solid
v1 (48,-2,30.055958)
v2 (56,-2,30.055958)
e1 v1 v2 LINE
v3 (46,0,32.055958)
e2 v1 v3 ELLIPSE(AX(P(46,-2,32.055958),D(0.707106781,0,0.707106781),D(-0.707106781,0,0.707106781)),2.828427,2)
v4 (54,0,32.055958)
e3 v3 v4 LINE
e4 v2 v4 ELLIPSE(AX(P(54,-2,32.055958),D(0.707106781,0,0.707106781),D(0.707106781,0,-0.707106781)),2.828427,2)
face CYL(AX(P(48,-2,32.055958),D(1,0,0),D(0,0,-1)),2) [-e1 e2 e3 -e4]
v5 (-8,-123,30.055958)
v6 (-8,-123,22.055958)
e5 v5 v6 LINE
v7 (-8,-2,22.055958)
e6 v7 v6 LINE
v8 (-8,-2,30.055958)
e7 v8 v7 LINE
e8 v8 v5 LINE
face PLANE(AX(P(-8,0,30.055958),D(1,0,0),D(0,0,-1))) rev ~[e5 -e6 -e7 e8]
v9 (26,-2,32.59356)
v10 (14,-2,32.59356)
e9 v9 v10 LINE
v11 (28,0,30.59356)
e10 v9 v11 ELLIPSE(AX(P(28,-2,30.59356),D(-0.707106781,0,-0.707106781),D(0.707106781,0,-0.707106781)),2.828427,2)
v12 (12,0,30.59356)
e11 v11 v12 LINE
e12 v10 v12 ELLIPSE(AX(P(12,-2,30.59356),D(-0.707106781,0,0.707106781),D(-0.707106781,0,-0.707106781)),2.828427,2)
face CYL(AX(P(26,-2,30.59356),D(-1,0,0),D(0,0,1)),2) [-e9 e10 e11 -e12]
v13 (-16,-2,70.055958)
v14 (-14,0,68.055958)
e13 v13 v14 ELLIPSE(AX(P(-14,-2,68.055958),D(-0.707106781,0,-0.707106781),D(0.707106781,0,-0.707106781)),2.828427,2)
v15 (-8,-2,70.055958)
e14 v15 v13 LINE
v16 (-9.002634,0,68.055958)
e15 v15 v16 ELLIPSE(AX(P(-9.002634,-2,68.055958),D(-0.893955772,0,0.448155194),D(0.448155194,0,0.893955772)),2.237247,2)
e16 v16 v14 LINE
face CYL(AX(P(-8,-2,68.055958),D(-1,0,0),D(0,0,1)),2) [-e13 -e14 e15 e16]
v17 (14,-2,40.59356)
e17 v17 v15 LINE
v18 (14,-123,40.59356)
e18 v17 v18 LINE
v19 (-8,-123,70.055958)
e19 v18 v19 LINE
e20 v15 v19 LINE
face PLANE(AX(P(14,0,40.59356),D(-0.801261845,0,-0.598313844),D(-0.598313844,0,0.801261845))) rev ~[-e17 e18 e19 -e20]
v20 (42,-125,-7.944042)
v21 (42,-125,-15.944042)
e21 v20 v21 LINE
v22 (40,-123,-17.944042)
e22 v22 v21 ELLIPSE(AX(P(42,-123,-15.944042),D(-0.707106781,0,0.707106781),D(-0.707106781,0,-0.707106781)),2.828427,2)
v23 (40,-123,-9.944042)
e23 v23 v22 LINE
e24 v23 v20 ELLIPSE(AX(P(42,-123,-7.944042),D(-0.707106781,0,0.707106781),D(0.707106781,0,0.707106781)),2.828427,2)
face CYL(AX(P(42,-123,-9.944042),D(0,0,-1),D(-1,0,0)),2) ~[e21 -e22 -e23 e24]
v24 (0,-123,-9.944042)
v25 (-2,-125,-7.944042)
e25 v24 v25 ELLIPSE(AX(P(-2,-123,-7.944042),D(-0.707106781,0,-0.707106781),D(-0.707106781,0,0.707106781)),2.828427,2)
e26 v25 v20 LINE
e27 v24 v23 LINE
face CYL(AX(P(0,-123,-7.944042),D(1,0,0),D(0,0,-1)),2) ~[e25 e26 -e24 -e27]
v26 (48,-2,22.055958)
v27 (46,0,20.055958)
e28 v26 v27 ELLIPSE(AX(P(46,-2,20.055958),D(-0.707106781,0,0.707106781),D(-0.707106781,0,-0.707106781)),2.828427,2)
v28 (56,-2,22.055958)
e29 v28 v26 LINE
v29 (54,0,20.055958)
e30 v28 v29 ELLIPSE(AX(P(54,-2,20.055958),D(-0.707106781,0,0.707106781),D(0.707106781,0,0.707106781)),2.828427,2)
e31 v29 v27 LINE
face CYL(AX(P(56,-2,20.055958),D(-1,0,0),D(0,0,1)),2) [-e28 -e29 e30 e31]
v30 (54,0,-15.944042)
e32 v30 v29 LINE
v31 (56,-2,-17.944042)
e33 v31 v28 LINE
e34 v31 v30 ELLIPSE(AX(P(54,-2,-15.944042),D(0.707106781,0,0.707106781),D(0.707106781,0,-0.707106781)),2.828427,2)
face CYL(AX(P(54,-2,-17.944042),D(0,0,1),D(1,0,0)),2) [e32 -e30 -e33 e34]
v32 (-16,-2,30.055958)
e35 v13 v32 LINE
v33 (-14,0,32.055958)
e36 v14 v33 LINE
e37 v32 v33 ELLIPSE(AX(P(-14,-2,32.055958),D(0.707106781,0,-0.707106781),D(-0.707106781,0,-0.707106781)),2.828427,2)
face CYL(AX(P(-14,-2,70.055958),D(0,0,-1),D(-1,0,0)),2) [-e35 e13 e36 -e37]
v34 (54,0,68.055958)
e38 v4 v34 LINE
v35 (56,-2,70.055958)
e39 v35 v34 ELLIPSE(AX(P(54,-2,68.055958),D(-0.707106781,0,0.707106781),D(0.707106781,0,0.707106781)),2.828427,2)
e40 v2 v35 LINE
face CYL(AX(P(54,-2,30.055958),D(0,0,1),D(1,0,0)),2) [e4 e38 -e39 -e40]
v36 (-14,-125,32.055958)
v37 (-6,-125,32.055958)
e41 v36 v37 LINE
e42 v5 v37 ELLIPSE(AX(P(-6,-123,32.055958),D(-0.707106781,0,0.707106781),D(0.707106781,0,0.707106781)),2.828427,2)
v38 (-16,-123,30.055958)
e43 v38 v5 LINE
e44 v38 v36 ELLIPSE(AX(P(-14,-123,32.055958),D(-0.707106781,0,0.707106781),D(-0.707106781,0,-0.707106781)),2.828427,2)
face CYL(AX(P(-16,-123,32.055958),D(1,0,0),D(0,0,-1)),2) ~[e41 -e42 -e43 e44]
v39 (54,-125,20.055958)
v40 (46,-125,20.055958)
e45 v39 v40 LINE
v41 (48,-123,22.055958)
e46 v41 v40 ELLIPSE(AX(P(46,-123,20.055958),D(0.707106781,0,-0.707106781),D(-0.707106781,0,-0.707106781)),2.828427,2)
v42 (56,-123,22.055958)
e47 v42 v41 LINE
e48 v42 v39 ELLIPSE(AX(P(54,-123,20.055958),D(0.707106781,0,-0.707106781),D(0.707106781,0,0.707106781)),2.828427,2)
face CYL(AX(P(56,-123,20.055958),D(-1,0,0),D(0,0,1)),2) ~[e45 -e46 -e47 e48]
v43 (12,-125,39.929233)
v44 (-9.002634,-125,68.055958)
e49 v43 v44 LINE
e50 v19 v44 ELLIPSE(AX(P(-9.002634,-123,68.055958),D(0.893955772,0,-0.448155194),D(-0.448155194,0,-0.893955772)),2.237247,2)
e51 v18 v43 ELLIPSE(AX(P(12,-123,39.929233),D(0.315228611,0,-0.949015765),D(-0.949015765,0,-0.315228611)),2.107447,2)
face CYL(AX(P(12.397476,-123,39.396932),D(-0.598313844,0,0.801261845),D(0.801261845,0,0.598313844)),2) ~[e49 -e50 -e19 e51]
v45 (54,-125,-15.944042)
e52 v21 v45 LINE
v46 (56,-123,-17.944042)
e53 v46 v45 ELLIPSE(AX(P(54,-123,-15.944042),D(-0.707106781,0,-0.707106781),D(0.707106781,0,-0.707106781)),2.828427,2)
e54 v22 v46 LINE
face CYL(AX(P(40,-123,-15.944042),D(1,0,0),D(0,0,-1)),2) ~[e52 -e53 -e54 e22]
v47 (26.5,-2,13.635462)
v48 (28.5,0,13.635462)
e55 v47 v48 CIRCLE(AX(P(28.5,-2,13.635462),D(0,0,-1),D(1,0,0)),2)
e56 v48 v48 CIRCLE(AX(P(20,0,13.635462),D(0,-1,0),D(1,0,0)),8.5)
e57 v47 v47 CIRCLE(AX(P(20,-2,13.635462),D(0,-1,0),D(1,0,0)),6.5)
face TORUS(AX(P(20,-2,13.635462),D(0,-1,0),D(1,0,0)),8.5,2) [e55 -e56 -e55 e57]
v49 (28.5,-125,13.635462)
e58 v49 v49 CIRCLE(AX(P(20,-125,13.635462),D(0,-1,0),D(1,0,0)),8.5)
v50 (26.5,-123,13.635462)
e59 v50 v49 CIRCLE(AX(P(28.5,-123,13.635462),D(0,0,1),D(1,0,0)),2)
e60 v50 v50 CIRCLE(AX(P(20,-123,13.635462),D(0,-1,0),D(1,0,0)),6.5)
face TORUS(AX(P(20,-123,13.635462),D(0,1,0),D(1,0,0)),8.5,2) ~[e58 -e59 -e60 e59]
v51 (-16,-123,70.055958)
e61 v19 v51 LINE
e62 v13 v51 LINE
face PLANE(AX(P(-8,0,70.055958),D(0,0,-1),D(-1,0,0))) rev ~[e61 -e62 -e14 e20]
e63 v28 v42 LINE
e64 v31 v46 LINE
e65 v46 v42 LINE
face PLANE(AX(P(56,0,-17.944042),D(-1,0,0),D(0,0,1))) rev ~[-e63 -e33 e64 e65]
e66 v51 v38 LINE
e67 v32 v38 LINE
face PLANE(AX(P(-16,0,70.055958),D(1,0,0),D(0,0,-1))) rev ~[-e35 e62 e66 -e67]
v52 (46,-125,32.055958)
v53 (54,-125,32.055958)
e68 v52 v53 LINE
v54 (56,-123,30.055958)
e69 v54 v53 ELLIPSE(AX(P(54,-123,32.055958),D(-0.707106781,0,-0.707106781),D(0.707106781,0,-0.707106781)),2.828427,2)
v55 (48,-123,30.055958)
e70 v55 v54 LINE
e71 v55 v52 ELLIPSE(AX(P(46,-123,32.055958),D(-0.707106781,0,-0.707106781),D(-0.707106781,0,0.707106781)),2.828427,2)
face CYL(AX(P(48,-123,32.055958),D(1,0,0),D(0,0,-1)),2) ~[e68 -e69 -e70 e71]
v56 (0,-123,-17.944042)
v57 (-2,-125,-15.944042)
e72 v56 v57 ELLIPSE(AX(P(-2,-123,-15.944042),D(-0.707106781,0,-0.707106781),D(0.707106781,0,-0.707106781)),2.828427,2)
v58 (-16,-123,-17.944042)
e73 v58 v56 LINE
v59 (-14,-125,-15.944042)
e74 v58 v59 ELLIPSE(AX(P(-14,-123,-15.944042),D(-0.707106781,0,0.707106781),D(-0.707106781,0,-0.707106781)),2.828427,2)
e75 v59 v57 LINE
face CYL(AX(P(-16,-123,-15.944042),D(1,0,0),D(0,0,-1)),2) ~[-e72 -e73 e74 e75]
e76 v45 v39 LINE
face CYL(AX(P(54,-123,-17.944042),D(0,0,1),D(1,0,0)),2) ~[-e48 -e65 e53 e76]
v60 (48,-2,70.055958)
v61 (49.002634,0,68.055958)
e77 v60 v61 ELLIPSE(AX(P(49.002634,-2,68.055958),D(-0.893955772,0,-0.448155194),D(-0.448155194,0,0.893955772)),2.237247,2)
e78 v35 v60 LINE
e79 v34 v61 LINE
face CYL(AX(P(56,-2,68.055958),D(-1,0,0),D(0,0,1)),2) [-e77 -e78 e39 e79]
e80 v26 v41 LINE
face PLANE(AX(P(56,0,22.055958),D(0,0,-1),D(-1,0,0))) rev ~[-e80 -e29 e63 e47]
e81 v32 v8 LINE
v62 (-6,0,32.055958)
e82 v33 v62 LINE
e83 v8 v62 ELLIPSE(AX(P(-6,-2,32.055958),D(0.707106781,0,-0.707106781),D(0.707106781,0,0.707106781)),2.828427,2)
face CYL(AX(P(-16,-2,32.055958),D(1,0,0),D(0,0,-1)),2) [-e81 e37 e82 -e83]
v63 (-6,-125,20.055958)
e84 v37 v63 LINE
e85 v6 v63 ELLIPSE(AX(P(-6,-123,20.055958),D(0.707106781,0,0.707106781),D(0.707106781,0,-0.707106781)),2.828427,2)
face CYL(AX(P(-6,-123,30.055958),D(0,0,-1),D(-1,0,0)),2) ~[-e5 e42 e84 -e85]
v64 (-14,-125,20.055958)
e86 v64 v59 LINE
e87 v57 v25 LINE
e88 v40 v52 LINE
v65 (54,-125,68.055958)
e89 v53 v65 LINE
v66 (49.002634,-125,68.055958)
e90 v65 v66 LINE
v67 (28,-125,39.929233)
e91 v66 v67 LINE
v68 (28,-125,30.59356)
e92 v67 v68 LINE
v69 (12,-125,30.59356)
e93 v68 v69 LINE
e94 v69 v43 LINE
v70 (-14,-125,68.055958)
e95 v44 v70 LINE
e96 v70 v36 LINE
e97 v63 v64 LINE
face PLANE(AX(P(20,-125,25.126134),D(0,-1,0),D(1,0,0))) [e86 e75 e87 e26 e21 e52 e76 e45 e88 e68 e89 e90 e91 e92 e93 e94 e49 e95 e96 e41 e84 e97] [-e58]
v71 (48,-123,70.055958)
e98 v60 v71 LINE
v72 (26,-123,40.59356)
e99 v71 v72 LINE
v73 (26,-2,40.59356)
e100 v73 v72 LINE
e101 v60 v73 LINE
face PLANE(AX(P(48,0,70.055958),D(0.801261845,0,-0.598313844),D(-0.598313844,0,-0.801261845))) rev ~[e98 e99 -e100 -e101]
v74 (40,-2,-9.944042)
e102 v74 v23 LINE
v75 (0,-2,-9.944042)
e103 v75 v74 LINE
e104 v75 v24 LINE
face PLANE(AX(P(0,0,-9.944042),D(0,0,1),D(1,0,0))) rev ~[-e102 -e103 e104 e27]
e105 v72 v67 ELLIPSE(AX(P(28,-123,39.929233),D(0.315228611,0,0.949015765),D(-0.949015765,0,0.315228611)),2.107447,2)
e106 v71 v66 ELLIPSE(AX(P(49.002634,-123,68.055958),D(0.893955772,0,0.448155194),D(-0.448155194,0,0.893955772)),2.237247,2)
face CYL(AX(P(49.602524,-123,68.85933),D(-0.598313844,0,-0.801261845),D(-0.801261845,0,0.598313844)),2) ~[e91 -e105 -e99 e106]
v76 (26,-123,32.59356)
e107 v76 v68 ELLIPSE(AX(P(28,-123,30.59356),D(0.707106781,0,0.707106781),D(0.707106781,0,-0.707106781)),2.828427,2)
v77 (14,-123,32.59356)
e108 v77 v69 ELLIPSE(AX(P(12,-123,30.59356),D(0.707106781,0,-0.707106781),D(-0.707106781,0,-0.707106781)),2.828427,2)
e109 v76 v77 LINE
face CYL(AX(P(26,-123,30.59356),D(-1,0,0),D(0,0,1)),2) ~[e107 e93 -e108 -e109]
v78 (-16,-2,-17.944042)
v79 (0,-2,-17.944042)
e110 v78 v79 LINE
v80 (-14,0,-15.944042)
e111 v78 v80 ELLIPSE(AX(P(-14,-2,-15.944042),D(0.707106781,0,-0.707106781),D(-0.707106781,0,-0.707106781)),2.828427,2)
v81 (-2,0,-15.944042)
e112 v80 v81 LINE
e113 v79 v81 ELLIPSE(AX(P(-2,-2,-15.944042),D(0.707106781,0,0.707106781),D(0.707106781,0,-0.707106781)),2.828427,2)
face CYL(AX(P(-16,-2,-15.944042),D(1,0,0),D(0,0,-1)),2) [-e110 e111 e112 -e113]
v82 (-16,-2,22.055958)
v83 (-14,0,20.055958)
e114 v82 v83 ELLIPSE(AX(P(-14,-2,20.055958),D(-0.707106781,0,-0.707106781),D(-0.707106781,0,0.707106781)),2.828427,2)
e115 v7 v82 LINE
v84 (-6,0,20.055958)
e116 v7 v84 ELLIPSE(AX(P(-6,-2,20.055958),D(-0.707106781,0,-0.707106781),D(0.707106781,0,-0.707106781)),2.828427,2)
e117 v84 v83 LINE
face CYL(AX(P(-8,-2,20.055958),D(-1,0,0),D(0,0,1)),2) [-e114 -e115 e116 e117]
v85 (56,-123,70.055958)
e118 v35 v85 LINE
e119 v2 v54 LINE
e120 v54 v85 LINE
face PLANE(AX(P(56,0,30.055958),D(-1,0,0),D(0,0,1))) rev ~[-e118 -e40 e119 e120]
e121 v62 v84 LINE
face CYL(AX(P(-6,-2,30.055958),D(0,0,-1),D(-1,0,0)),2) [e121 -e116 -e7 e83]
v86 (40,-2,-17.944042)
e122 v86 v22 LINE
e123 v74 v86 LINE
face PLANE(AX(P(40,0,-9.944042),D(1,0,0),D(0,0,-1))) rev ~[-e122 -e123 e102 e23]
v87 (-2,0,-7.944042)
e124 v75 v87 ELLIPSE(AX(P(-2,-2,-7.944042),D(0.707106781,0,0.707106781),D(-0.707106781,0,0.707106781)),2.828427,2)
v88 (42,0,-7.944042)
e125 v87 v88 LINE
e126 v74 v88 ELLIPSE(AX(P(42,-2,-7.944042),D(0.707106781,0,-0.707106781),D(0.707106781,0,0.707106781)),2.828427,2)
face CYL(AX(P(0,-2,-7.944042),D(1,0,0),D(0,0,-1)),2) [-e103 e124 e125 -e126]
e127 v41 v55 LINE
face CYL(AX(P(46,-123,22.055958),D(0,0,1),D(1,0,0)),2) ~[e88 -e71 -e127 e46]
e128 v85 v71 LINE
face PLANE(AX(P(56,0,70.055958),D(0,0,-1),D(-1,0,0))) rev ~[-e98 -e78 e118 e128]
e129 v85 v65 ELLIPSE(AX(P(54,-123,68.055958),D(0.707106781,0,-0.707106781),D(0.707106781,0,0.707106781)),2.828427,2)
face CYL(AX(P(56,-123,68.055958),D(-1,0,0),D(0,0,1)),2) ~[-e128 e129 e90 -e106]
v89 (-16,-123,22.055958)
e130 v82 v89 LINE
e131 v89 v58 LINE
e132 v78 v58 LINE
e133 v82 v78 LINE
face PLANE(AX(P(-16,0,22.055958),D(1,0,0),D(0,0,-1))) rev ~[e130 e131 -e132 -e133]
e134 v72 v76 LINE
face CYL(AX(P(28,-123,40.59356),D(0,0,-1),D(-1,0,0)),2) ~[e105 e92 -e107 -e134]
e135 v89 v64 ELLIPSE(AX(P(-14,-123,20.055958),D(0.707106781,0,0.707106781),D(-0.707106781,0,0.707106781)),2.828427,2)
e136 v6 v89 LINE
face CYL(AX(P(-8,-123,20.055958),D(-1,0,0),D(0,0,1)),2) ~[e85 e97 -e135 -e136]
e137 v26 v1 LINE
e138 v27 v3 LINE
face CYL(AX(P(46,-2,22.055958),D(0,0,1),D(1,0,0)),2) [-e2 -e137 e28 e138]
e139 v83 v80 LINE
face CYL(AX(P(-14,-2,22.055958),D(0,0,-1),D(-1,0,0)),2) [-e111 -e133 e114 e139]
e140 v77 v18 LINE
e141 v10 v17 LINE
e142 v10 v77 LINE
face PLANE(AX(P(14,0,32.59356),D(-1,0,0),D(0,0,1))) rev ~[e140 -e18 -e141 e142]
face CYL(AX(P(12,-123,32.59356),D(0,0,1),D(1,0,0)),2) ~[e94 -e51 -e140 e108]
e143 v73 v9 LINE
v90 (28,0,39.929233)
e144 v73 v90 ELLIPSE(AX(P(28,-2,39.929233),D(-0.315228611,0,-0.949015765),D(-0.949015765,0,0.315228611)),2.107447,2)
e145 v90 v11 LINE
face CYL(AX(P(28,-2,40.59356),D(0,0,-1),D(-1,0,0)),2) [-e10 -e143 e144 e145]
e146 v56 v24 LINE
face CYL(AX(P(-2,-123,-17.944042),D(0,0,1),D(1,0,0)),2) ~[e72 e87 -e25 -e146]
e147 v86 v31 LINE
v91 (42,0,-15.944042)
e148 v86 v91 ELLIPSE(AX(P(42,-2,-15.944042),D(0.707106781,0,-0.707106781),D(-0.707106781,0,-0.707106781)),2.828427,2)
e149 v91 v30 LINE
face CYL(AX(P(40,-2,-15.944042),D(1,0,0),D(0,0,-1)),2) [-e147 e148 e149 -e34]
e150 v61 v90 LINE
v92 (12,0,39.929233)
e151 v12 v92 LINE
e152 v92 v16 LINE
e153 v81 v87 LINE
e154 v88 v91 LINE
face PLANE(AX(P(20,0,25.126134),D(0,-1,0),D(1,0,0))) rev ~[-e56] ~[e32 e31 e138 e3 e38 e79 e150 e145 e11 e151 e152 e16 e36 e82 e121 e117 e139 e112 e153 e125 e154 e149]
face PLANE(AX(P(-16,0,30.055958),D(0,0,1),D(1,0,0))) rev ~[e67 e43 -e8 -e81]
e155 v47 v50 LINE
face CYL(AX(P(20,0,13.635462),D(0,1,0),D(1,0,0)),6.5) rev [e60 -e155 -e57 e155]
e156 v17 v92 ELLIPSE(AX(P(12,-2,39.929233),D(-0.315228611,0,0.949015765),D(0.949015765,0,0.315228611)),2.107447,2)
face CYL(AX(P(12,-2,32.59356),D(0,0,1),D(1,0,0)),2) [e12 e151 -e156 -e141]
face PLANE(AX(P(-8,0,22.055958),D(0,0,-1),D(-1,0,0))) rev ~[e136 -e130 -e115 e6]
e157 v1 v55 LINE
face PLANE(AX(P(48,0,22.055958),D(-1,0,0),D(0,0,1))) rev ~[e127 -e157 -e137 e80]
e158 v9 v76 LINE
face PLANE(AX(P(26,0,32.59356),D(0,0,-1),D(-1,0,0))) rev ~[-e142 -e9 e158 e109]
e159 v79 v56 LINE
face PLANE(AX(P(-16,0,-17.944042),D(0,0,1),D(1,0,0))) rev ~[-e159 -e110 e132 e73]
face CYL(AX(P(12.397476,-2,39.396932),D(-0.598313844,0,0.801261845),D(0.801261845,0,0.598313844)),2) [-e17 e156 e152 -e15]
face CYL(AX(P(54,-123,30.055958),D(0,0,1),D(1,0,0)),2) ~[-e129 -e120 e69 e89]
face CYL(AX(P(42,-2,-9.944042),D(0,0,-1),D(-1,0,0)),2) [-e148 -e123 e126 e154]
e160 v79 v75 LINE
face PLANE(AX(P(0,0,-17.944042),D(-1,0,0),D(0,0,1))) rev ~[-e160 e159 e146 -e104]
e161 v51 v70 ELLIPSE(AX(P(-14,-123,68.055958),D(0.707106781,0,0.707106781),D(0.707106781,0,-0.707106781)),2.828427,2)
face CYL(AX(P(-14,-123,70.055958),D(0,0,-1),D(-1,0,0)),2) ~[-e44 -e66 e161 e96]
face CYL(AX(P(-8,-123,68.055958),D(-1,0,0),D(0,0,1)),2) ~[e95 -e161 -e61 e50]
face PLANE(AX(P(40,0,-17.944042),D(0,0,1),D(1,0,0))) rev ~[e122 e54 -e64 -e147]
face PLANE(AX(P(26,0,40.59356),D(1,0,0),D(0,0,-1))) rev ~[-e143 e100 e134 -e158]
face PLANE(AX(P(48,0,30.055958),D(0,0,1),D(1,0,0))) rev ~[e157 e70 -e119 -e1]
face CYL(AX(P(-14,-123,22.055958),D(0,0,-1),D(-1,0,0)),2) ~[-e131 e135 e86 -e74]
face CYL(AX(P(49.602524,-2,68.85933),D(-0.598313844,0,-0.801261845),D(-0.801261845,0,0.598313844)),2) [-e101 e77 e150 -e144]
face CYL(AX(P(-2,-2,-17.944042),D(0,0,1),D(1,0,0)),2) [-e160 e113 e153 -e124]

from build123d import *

# Parameters (mm, degrees)
F0_R     = 6.5
F1_DEPTH = 125
F2_R     = 2


with BuildPart() as f1:
    # F0 (on Front) → F1 (new body)
    with BuildSketch(Plane.XZ):
        Polygon((-16, 22.055958), (-16, -17.944042), (0, -17.944042), (0, -9.944042), (40, -9.944042), (40, -17.944042), (56, -17.944042), (56, 22.055958), (48, 22.055958), (48, 30.055958), (56, 30.055958), (56, 70.055958), (48, 70.055958), (26, 40.59356), (26, 32.59356), (20, 32.59356), (14, 32.59356), (14, 40.59356), (-8, 70.055958), (-16, 70.055958), (-16, 30.055958), (-8, 30.055958), (-8, 22.055958), align=None)
        with Locations((20, 13.635462)):
            Circle(F0_R, mode=Mode.SUBTRACT)
    extrude(amount=F1_DEPTH)

    # F2
    f2_edges = [f1.edges().sort_by_distance(p)[0] for p in [
        (-16, -125, 50.055958),
        (-12, -125, 70.055958),
        (3, -125, 55.324759),
        (-12, -125, 30.055958),
        (-8, -125, 26.055958),
        (-12, -125, 22.055958),
        (-16, -125, 2.055958),
        (-8, -125, -17.944042),
        (0, -125, -13.944042),
        (20, -125, -9.944042),
        (40, -125, -13.944042),
        (48, -125, -17.944042),
        (56, -125, 2.055958),
        (52, -125, 22.055958),
        (48, -125, 26.055958),
        (52, -125, 30.055958),
        (56, -125, 50.055958),
        (52, -125, 70.055958),
        (37, -125, 55.324759),
        (26, -125, 36.59356),
        (20, -125, 32.59356),
        (14, -125, 36.59356),
        (13.5, -125, 13.635462),
        (-16, 0, 50.055958),
        (-12, 0, 30.055958),
        (-8, 0, 26.055958),
        (-12, 0, 22.055958),
        (-16, 0, 2.055958),
        (-8, 0, -17.944042),
        (0, 0, -13.944042),
        (20, 0, -9.944042),
        (40, 0, -13.944042),
        (48, 0, -17.944042),
        (56, 0, 2.055958),
        (52, 0, 22.055958),
        (48, 0, 26.055958),
        (52, 0, 30.055958),
        (56, 0, 50.055958),
        (52, 0, 70.055958),
        (37, 0, 55.324759),
        (26, 0, 36.59356),
        (20, 0, 32.59356),
        (14, 0, 36.59356),
        (3, 0, 55.324759),
        (-12, 0, 70.055958),
        (13.5, 0, 13.635462),
    ]]
    fillet(f2_edges, radius=F2_R)


solid = f1.part
